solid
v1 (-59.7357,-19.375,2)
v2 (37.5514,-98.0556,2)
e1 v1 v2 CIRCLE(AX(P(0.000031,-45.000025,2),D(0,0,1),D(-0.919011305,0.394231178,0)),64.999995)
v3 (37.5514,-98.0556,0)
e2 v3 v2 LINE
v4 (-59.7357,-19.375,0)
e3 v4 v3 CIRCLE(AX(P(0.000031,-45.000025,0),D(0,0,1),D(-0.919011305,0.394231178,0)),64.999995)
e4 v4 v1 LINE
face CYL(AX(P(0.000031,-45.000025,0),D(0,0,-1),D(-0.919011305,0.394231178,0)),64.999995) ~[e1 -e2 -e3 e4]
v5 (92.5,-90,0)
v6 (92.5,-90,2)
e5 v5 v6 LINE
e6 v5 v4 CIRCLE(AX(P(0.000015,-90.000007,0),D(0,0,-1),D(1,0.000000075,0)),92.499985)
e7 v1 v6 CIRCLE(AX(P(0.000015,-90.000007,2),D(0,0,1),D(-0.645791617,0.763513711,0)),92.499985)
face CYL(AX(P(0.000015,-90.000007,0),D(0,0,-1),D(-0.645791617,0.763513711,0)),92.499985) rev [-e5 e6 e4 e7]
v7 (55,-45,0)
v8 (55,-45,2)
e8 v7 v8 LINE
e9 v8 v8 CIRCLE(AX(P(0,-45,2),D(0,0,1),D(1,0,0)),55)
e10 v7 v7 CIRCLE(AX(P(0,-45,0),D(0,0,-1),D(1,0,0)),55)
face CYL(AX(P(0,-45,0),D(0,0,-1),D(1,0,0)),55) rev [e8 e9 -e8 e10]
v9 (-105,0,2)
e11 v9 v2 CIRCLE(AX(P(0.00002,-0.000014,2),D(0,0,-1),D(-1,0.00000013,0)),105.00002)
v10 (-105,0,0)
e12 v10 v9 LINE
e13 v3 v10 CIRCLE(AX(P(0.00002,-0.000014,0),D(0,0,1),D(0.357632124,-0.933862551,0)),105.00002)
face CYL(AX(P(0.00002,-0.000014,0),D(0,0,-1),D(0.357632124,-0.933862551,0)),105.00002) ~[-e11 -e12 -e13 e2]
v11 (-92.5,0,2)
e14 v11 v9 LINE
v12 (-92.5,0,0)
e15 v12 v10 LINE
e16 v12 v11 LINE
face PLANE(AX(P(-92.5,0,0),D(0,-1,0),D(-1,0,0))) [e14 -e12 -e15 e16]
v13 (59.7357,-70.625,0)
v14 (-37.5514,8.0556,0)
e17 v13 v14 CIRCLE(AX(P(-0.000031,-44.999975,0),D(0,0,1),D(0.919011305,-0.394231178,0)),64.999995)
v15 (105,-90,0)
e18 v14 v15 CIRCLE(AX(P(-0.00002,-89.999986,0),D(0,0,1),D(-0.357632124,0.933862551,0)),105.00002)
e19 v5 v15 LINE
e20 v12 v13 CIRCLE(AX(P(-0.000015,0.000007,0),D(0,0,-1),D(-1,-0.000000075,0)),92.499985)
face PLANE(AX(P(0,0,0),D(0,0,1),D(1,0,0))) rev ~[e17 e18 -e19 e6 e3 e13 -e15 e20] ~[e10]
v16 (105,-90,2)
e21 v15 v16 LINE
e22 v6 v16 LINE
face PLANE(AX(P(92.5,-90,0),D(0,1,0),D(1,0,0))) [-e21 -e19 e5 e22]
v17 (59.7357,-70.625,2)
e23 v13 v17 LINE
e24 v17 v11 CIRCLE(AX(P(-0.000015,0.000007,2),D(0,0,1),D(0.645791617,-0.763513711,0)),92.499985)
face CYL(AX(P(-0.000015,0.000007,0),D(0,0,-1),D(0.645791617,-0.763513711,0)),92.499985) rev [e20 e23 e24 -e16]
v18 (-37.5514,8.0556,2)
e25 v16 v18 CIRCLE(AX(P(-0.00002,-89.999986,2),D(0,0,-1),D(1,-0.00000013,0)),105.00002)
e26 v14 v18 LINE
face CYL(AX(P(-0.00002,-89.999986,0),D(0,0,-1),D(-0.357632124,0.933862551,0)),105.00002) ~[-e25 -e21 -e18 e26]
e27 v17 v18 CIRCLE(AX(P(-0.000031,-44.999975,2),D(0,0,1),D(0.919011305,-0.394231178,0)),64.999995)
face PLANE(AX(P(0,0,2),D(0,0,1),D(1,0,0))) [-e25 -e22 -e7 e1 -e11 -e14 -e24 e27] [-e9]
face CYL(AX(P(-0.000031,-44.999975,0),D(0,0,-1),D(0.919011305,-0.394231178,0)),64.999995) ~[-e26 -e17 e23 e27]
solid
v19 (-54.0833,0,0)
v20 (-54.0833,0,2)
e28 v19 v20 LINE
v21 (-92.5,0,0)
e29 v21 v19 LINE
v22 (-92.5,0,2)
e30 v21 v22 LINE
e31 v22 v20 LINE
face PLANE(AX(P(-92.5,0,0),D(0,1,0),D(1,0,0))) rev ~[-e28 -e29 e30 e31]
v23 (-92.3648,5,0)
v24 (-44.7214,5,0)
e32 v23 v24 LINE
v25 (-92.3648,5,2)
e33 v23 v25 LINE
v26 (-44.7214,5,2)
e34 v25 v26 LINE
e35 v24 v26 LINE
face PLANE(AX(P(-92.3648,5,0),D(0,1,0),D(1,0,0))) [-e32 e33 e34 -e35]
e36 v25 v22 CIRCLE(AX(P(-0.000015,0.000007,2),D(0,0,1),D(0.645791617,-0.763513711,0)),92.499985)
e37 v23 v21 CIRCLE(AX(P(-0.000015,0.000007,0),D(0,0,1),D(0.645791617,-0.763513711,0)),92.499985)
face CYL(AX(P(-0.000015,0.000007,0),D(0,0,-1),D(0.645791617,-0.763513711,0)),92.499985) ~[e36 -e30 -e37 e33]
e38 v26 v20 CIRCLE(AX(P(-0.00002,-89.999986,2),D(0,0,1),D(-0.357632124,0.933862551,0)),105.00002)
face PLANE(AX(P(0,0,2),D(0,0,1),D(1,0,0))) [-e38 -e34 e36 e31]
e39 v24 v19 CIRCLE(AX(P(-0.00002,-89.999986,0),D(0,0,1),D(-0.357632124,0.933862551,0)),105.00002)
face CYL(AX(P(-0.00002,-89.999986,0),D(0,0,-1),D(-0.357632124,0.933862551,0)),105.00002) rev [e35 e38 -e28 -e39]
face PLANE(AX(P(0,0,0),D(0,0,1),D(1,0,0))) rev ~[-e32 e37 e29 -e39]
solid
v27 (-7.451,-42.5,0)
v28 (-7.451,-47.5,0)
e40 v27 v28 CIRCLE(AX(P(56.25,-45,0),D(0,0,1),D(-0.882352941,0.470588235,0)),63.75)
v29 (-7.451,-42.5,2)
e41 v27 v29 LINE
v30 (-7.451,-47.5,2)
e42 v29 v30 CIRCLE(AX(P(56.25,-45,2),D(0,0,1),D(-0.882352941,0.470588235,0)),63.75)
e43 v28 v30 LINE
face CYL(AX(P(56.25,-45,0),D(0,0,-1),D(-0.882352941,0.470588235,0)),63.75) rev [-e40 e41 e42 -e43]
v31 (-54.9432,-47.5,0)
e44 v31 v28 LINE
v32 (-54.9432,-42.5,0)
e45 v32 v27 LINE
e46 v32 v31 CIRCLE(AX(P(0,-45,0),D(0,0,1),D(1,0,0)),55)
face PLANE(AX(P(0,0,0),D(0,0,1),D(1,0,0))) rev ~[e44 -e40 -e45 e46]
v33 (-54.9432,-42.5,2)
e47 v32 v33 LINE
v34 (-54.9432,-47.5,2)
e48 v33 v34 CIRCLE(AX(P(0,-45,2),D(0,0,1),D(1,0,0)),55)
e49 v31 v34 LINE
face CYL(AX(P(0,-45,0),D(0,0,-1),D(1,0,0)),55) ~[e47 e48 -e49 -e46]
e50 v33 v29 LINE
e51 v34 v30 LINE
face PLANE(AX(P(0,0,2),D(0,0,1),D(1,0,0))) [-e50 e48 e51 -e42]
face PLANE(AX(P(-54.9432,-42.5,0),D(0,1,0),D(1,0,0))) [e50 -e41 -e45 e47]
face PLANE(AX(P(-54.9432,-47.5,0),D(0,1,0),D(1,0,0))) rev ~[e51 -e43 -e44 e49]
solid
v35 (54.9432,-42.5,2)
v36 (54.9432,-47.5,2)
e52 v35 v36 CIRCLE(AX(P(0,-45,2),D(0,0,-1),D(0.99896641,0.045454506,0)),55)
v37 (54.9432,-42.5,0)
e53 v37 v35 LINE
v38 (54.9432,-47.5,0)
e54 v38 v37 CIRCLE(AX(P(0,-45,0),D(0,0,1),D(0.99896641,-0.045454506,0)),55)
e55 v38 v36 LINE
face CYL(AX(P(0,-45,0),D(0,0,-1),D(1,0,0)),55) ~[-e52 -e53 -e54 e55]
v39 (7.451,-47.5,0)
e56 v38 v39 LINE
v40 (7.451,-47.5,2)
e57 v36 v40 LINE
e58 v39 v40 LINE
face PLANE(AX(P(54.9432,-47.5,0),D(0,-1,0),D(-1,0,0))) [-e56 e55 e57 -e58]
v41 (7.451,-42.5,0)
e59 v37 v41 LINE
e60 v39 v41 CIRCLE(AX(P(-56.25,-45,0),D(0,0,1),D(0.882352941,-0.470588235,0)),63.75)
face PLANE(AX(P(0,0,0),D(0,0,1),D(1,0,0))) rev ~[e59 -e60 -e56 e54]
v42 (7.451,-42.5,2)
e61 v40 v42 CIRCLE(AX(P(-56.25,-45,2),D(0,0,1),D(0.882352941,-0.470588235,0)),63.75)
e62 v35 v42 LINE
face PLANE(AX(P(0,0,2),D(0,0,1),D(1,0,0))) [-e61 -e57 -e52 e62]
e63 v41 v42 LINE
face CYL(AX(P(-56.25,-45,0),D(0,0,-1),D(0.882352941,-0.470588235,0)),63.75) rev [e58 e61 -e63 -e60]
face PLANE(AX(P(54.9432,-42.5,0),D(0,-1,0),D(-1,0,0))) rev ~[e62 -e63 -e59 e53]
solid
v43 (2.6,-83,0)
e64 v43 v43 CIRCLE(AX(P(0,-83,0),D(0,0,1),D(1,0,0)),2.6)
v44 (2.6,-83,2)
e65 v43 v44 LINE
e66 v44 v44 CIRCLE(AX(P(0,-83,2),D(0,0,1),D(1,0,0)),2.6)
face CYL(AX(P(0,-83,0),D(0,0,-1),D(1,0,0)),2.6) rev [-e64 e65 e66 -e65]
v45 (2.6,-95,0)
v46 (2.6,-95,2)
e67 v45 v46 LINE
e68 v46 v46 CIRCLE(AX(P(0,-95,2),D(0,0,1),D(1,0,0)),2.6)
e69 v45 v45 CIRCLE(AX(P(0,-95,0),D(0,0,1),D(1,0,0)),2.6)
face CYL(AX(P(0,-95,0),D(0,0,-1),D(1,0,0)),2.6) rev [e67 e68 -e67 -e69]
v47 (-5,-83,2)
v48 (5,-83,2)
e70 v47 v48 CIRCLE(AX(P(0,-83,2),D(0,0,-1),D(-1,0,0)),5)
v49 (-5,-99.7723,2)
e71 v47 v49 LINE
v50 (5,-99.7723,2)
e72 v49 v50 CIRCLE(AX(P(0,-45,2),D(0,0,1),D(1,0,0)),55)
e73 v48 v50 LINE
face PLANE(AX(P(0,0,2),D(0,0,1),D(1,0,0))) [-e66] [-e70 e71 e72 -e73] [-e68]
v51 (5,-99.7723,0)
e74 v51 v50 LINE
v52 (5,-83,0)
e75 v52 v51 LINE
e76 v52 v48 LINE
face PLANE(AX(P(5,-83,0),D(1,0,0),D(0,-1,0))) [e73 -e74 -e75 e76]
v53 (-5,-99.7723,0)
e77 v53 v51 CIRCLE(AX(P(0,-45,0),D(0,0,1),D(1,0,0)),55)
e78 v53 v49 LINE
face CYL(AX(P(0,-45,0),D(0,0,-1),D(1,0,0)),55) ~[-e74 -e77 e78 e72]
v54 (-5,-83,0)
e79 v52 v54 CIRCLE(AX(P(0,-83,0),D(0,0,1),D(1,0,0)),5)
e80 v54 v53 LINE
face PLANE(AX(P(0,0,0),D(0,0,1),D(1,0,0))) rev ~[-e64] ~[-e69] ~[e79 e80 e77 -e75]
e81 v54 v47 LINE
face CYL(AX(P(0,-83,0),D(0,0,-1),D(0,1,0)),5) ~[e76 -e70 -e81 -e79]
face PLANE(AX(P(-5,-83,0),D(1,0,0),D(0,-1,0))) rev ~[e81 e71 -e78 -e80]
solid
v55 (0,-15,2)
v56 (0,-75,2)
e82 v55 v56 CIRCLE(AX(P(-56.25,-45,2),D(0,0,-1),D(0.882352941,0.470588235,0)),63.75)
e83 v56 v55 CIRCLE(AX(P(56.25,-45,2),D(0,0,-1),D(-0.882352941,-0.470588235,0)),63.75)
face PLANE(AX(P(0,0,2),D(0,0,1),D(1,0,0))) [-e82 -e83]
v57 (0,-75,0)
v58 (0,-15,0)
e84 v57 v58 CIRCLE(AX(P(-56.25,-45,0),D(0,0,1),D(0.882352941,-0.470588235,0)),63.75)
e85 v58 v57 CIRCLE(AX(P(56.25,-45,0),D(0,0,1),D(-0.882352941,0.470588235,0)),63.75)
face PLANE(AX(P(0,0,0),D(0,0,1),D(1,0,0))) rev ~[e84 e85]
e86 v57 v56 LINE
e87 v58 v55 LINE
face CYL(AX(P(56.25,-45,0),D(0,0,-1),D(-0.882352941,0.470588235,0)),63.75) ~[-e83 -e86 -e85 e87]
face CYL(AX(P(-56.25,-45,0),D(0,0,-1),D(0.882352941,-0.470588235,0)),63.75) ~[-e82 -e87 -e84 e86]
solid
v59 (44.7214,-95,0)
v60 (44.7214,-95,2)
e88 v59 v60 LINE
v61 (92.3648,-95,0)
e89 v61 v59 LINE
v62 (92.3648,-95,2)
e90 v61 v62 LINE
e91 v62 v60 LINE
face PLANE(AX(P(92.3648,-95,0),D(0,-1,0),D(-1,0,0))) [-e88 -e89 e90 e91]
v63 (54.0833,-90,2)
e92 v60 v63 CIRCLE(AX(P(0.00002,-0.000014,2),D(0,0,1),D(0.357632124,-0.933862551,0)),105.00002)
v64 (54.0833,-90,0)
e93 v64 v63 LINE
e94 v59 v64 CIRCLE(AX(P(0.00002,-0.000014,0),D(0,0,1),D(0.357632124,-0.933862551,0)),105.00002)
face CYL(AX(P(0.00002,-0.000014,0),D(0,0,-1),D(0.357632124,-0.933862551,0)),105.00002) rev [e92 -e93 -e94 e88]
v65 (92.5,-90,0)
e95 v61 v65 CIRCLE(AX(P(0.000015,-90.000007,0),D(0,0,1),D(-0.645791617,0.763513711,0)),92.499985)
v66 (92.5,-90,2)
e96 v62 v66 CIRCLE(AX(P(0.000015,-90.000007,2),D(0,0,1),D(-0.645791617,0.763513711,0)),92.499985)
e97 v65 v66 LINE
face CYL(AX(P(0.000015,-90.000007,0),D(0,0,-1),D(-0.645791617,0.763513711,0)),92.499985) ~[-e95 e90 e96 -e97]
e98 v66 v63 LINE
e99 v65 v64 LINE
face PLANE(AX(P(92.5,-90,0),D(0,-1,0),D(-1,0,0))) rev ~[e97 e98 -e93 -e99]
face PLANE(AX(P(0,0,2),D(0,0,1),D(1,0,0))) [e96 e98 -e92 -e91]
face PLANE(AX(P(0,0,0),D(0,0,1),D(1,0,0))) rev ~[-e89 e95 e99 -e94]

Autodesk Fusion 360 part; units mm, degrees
sketch "スケッチ1" plane through (0, 0, 0) normal (0, 0, 1) x (1, 0, 0)
  line L0 (0, 0) -> (0, -100) construction
  circle A0 centre (0, -45) radius 55
  arc A1 (-59.7357, -19.375) -> (92.5, -90) centre (0, -90) ccw
  arc A2 (-37.5514, 8.0556) -> (105, -90) centre (0, -90) ccw
  arc A3 (59.7357, -70.625) -> (-92.5, 0) centre (0, 0) ccw
  arc A4 (37.5514, -98.0556) -> (-105, 0) centre (0, 0) ccw
  line L1 (0, 0) -> (-92.5, 0) construction
  line L2 (-92.5, 0) -> (-105, 0)
  line L3 (0, -90) -> (92.5, -90) construction
  line L4 (92.5, -90) -> (105, -90)
  arc A5 (59.7357, -70.625) -> (-37.5514, 8.0556) centre (0, -45) ccw
  arc A6 (-59.7357, -19.375) -> (37.5514, -98.0556) centre (0, -45) ccw
  line L5 (-7.5, -45) -> (7.5, -45) construction
  arc A7 (0, -15) -> (0, -75) centre (56.25, -45) ccw
  arc A8 (0, -75) -> (0, -15) centre (-56.25, -45) ccw
  line L6 (-54.9432, -42.5) -> (-7.451, -42.5)
  line L7 (-54.9432, -47.5) -> (-7.451, -47.5)
  line L8 (54.9432, -42.5) -> (7.451, -42.5)
  line L9 (54.9432, -47.5) -> (7.451, -47.5)
  line L10 (-92.5, 0) -> (-54.0833, 0)
  line L11 (-92.3648, 5) -> (-44.7214, 5)
  line L12 (92.5, -90) -> (54.0833, -90)
  line L13 (92.3648, -95) -> (44.7214, -95)
  circle A9 centre (0, -83) radius 2.6
  circle A10 centre (0, -95) radius 2.6
  line L14 (-5, -83) -> (-5, -99.7723)
  line L15 (5, -83) -> (5, -99.7723)
  arc A11 (0, -78) -> (-5, -83) centre (0, -83) ccw
  arc A12 (5, -83) -> (0, -78) centre (0, -83) ccw
  point P0 (0, -15)
  point P1 (0, -75)
  point P2 (-5, -78)
  point P3 (5, -78)
  dimension "d1" = 210
  dimension "d2" = 185
  dimension "d3" = 90
  dimension "d4" = 210
  dimension "d5" = 185
  dimension "d6" = 130
  dimension "d7" = 110
  dimension "d8" = 15
  dimension "d9" = 30
  dimension "d10" = 30
  dimension "d11" = 5
  dimension "d12" = 5
  dimension "d13" = 5
  dimension "d14" = 5.2
  dimension "d15" = 5.2
  dimension "d16" = 12
  dimension "d17" = 5
  dimension "d18" = 10
  dimension "d24" = 5
extrude "押し出し1" add sketch "スケッチ1" along normal blind 2 contours A7 A8 | A1 A2 A3 A4 L2 L4 A5 A6 makes body 1 at (54.0161, -83.3084, 2) makes body 2 at (2.0332, -37.5983, 0)
extrude "押し出し2" add sketch "スケッチ1" along normal blind 2 separate body contours A0 A8 L8 L9 | A0 A7 L6 L7 | A0 L14 L15 A11 A12 | A1 A4 L12 L13 | A2 A3 L10 L11 makes body 3 at (-4.1903, -92.4616, 2) makes body 4 at (-65.8225, 2.2572, 0) makes body 5 at (65.8225, -92.2572, 0) makes body 6 at (39.1438, -46.389, 2) makes body 7 at (-39.1438, -46.389, 0)
equation "d4 = d1"
equation "d5 = d2"
equation "d10 = d9"
